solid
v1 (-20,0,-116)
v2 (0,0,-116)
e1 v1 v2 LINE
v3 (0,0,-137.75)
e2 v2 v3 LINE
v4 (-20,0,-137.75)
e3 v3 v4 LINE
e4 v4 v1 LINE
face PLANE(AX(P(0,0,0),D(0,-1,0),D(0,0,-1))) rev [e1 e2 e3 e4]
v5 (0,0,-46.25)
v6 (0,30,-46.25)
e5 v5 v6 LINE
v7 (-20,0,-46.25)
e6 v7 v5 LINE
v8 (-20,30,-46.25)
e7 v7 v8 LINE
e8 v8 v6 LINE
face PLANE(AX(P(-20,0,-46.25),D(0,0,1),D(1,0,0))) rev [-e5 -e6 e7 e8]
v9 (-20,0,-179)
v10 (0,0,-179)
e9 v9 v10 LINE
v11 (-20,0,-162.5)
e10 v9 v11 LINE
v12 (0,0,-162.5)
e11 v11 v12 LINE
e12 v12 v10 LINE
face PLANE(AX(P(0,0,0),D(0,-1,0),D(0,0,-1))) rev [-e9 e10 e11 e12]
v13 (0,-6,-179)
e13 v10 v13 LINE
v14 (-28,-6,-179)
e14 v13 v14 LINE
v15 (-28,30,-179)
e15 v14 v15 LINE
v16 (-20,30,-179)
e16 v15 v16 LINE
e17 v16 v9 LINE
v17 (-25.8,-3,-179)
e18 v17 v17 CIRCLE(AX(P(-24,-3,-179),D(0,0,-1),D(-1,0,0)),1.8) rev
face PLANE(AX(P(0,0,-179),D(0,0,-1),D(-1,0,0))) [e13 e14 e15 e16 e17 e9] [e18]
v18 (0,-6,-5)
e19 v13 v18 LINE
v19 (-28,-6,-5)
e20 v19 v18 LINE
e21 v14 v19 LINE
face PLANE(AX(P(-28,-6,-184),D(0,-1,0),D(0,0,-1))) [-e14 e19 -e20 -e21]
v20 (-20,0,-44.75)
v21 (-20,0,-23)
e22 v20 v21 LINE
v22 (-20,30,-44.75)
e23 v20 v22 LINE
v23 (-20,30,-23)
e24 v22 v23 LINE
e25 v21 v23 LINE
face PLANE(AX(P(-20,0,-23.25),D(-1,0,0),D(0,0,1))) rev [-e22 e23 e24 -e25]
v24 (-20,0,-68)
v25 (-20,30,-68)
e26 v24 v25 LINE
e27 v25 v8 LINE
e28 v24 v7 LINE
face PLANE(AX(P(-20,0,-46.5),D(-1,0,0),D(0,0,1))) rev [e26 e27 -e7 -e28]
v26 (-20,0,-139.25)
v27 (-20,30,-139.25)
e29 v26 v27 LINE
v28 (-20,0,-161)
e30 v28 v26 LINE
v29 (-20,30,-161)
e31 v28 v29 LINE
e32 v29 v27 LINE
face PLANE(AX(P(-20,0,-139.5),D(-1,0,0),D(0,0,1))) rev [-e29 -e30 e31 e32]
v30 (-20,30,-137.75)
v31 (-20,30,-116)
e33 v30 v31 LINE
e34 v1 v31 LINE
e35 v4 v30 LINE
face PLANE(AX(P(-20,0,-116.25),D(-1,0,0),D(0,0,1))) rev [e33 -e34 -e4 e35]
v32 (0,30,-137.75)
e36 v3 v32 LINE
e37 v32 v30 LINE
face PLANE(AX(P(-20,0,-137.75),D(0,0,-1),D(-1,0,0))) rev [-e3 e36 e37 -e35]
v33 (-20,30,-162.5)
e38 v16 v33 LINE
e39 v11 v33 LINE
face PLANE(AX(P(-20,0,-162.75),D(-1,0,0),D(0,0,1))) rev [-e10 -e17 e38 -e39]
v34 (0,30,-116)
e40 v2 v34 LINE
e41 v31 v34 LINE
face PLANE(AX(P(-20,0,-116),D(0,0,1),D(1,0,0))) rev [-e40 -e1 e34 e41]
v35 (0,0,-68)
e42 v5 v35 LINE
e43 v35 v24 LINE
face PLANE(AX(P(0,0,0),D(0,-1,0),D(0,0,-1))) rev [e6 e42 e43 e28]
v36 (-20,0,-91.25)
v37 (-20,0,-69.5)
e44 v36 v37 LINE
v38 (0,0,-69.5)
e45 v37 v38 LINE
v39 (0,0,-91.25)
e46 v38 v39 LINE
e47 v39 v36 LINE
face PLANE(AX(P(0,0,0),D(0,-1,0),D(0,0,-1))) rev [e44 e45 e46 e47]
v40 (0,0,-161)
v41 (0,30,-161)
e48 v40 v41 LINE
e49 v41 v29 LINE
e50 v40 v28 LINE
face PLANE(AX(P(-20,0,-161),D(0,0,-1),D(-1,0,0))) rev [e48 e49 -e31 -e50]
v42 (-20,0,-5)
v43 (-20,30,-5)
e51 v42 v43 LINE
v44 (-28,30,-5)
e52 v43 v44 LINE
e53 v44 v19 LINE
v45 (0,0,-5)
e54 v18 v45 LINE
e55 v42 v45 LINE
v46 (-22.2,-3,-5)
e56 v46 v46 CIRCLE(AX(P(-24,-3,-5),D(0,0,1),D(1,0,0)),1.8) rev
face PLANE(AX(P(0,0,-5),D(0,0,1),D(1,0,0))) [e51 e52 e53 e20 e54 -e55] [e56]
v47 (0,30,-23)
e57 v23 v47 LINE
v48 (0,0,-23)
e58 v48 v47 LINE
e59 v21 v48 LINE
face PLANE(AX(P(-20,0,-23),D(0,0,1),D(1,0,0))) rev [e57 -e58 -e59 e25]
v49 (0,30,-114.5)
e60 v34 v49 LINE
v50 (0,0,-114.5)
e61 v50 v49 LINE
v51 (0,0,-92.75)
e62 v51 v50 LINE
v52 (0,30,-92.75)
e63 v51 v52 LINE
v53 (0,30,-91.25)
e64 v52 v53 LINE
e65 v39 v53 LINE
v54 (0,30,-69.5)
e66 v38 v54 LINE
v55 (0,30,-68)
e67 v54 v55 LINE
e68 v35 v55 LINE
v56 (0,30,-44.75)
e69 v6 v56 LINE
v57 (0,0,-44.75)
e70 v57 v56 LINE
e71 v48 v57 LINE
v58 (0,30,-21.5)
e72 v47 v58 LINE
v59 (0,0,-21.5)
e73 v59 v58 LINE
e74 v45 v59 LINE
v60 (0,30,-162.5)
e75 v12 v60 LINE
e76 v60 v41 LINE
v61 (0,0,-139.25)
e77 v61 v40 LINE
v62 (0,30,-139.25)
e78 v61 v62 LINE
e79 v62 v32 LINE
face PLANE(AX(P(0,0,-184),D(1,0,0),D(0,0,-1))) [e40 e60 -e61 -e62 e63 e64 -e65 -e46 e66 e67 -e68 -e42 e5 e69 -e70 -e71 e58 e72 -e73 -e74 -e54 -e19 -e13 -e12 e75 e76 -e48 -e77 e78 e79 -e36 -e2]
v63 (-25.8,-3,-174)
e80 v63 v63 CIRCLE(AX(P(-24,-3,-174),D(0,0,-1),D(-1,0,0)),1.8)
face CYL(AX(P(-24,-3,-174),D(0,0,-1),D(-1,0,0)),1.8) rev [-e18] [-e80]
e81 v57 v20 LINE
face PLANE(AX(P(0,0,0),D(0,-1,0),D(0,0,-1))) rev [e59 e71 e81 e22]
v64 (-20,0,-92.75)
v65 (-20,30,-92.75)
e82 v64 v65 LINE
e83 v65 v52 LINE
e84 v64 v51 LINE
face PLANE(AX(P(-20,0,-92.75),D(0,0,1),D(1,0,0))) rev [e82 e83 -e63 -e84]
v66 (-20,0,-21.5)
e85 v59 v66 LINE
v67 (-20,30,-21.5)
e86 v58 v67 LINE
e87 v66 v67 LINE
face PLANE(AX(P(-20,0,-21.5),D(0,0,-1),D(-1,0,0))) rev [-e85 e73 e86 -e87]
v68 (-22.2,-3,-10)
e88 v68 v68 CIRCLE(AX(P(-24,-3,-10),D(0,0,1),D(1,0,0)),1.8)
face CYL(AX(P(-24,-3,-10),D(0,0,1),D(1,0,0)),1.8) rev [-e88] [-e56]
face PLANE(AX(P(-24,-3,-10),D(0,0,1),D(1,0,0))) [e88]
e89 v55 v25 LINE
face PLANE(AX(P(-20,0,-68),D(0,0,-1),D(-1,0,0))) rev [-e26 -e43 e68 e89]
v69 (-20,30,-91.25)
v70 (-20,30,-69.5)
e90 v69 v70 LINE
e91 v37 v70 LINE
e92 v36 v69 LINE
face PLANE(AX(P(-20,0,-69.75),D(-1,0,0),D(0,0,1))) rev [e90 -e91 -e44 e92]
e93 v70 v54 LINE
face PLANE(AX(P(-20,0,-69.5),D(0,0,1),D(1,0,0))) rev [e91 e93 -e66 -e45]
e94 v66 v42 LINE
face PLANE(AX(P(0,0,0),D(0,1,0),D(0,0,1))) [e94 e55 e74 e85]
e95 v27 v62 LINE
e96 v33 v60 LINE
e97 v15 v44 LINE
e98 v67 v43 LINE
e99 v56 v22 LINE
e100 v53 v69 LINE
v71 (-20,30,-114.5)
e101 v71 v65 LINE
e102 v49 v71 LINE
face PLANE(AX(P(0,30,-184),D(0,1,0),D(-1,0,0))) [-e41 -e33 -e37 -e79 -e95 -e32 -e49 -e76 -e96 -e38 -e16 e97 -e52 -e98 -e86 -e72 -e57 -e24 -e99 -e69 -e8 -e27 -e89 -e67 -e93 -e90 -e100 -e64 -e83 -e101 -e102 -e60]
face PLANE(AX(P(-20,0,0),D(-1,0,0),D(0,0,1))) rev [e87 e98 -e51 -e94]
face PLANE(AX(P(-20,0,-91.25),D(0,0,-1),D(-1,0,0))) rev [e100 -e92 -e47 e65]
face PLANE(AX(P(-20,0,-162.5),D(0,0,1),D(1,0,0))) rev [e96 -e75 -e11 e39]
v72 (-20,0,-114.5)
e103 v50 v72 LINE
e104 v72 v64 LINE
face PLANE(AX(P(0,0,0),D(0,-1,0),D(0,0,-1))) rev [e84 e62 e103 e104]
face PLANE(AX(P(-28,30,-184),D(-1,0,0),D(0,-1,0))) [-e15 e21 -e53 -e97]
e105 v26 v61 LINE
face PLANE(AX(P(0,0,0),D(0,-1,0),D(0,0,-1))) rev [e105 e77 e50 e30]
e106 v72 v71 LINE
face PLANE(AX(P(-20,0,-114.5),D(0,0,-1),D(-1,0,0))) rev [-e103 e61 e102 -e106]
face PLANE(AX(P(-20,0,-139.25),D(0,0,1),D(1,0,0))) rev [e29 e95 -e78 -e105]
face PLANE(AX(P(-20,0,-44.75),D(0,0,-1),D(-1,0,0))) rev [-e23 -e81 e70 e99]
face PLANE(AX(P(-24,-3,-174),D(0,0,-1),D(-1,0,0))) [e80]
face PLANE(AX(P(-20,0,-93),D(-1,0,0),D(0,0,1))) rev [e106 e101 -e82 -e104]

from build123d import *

# Parameters (mm, degrees)
LEG_DEPTH              = 184
SKETCH5_W              = 20
SKETCH5_H              = 21.25
CELL_SLOTS_DEPTH       = 30
SKETCH6_W              = 20
SKETCH6_H              = 0.25
CELL_SLOTS_TRIM_DEPTH  = 30
SKETCH7_R              = 1.8
SCREW_HOLE_FRONT_DEPTH = 10
SCREW_START            = -10
SKETCH8_R              = 1.8
SCREW_HOLE_BACK_DEPTH  = 10
SKETCH9_W              = 28
SKETCH9_H              = 36
FRONT_TRIM_DEPTH       = 5
SKETCH10_W             = 28
SKETCH10_H             = 36
BACK_TRIM_DEPTH        = 5


with BuildPart() as part:
    # Sketch1 → Leg (new body)
    with BuildSketch(Plane.XY):
        Polygon((0, -6), (0, 0), (0, 30), (-28, 30), (-28, -6), align=None)
    extrude(amount=-LEG_DEPTH)

    # Sketch5 → Cell Slots (cut)
    with BuildSketch(Plane(origin=(0, 30, 0), x_dir=(1, 0, 0), z_dir=(0, 1, 0))):
        with Locations((-10, 33.875)):
            Rectangle(SKETCH5_W, SKETCH5_H)
        with Locations((-10, 10.625)):
            Rectangle(SKETCH5_W, SKETCH5_H)
        with Locations((-10, 57.125)):
            Rectangle(SKETCH5_W, SKETCH5_H)
        with Locations((-10, 80.375)):
            Rectangle(SKETCH5_W, SKETCH5_H)
        with Locations((-10, 103.625)):
            Rectangle(SKETCH5_W, SKETCH5_H)
        with Locations((-10, 126.875)):
            Rectangle(SKETCH5_W, SKETCH5_H)
        with Locations((-10, 150.125)):
            Rectangle(SKETCH5_W, SKETCH5_H)
        with Locations((-10, 173.375)):
            Rectangle(SKETCH5_W, SKETCH5_H)
    extrude(amount=-CELL_SLOTS_DEPTH, mode=Mode.SUBTRACT)

    # Sketch6 → Cell Slots Trim (cut)
    with BuildSketch(Plane(origin=(0, 30, 0), x_dir=(1, 0, 0), z_dir=(0, 1, 0))):
        with Locations((-10, 21.375)):
            Rectangle(SKETCH6_W, SKETCH6_H)
        with Locations((-10, 23.125)):
            Rectangle(SKETCH6_W, SKETCH6_H)
        with Locations((-10, 44.625)):
            Rectangle(SKETCH6_W, SKETCH6_H)
        with Locations((-10, 46.375)):
            Rectangle(SKETCH6_W, SKETCH6_H)
        with Locations((-10, 67.875)):
            Rectangle(SKETCH6_W, SKETCH6_H)
        with Locations((-10, 69.625)):
            Rectangle(SKETCH6_W, SKETCH6_H)
        with Locations((-10, 91.125)):
            Rectangle(SKETCH6_W, SKETCH6_H)
        with Locations((-10, 92.875)):
            Rectangle(SKETCH6_W, SKETCH6_H)
        with Locations((-10, 114.375)):
            Rectangle(SKETCH6_W, SKETCH6_H)
        with Locations((-10, 116.125)):
            Rectangle(SKETCH6_W, SKETCH6_H)
        with Locations((-10, 137.625)):
            Rectangle(SKETCH6_W, SKETCH6_H)
        with Locations((-10, 139.375)):
            Rectangle(SKETCH6_W, SKETCH6_H)
        with Locations((-10, 160.875)):
            Rectangle(SKETCH6_W, SKETCH6_H)
        with Locations((-10, 162.625)):
            Rectangle(SKETCH6_W, SKETCH6_H)
    extrude(amount=-CELL_SLOTS_TRIM_DEPTH, mode=Mode.SUBTRACT)

    # Sketch7 → Screw Hole Front (cut)
    with BuildSketch(Plane.XY):
        with Locations((-24, -3)):
            Circle(SKETCH7_R)
    extrude(amount=-SCREW_HOLE_FRONT_DEPTH, mode=Mode.SUBTRACT)

    # Sketch8 → Screw Hole Back (cut)
    with BuildSketch(Plane(origin=(0, 0, -184), x_dir=(-1, 0, 0), z_dir=(0, 0, -1)).offset(SCREW_START)):
        with Locations((24, -3)):
            Circle(SKETCH8_R)
    extrude(amount=SCREW_HOLE_BACK_DEPTH, mode=Mode.SUBTRACT)

    # Sketch9 → Front Trim (cut)
    with BuildSketch(Plane.XY):
        with Locations((-14, 12)):
            Rectangle(SKETCH9_W, SKETCH9_H)
    extrude(amount=-FRONT_TRIM_DEPTH, mode=Mode.SUBTRACT)

    # Sketch10 → Back Trim (cut)
    with BuildSketch(Plane(origin=(0, 0, -184), x_dir=(-1, 0, 0), z_dir=(0, 0, -1))):
        with Locations((14, 12)):
            Rectangle(SKETCH10_W, SKETCH10_H)
    extrude(amount=-BACK_TRIM_DEPTH, mode=Mode.SUBTRACT)


solid = part.part
